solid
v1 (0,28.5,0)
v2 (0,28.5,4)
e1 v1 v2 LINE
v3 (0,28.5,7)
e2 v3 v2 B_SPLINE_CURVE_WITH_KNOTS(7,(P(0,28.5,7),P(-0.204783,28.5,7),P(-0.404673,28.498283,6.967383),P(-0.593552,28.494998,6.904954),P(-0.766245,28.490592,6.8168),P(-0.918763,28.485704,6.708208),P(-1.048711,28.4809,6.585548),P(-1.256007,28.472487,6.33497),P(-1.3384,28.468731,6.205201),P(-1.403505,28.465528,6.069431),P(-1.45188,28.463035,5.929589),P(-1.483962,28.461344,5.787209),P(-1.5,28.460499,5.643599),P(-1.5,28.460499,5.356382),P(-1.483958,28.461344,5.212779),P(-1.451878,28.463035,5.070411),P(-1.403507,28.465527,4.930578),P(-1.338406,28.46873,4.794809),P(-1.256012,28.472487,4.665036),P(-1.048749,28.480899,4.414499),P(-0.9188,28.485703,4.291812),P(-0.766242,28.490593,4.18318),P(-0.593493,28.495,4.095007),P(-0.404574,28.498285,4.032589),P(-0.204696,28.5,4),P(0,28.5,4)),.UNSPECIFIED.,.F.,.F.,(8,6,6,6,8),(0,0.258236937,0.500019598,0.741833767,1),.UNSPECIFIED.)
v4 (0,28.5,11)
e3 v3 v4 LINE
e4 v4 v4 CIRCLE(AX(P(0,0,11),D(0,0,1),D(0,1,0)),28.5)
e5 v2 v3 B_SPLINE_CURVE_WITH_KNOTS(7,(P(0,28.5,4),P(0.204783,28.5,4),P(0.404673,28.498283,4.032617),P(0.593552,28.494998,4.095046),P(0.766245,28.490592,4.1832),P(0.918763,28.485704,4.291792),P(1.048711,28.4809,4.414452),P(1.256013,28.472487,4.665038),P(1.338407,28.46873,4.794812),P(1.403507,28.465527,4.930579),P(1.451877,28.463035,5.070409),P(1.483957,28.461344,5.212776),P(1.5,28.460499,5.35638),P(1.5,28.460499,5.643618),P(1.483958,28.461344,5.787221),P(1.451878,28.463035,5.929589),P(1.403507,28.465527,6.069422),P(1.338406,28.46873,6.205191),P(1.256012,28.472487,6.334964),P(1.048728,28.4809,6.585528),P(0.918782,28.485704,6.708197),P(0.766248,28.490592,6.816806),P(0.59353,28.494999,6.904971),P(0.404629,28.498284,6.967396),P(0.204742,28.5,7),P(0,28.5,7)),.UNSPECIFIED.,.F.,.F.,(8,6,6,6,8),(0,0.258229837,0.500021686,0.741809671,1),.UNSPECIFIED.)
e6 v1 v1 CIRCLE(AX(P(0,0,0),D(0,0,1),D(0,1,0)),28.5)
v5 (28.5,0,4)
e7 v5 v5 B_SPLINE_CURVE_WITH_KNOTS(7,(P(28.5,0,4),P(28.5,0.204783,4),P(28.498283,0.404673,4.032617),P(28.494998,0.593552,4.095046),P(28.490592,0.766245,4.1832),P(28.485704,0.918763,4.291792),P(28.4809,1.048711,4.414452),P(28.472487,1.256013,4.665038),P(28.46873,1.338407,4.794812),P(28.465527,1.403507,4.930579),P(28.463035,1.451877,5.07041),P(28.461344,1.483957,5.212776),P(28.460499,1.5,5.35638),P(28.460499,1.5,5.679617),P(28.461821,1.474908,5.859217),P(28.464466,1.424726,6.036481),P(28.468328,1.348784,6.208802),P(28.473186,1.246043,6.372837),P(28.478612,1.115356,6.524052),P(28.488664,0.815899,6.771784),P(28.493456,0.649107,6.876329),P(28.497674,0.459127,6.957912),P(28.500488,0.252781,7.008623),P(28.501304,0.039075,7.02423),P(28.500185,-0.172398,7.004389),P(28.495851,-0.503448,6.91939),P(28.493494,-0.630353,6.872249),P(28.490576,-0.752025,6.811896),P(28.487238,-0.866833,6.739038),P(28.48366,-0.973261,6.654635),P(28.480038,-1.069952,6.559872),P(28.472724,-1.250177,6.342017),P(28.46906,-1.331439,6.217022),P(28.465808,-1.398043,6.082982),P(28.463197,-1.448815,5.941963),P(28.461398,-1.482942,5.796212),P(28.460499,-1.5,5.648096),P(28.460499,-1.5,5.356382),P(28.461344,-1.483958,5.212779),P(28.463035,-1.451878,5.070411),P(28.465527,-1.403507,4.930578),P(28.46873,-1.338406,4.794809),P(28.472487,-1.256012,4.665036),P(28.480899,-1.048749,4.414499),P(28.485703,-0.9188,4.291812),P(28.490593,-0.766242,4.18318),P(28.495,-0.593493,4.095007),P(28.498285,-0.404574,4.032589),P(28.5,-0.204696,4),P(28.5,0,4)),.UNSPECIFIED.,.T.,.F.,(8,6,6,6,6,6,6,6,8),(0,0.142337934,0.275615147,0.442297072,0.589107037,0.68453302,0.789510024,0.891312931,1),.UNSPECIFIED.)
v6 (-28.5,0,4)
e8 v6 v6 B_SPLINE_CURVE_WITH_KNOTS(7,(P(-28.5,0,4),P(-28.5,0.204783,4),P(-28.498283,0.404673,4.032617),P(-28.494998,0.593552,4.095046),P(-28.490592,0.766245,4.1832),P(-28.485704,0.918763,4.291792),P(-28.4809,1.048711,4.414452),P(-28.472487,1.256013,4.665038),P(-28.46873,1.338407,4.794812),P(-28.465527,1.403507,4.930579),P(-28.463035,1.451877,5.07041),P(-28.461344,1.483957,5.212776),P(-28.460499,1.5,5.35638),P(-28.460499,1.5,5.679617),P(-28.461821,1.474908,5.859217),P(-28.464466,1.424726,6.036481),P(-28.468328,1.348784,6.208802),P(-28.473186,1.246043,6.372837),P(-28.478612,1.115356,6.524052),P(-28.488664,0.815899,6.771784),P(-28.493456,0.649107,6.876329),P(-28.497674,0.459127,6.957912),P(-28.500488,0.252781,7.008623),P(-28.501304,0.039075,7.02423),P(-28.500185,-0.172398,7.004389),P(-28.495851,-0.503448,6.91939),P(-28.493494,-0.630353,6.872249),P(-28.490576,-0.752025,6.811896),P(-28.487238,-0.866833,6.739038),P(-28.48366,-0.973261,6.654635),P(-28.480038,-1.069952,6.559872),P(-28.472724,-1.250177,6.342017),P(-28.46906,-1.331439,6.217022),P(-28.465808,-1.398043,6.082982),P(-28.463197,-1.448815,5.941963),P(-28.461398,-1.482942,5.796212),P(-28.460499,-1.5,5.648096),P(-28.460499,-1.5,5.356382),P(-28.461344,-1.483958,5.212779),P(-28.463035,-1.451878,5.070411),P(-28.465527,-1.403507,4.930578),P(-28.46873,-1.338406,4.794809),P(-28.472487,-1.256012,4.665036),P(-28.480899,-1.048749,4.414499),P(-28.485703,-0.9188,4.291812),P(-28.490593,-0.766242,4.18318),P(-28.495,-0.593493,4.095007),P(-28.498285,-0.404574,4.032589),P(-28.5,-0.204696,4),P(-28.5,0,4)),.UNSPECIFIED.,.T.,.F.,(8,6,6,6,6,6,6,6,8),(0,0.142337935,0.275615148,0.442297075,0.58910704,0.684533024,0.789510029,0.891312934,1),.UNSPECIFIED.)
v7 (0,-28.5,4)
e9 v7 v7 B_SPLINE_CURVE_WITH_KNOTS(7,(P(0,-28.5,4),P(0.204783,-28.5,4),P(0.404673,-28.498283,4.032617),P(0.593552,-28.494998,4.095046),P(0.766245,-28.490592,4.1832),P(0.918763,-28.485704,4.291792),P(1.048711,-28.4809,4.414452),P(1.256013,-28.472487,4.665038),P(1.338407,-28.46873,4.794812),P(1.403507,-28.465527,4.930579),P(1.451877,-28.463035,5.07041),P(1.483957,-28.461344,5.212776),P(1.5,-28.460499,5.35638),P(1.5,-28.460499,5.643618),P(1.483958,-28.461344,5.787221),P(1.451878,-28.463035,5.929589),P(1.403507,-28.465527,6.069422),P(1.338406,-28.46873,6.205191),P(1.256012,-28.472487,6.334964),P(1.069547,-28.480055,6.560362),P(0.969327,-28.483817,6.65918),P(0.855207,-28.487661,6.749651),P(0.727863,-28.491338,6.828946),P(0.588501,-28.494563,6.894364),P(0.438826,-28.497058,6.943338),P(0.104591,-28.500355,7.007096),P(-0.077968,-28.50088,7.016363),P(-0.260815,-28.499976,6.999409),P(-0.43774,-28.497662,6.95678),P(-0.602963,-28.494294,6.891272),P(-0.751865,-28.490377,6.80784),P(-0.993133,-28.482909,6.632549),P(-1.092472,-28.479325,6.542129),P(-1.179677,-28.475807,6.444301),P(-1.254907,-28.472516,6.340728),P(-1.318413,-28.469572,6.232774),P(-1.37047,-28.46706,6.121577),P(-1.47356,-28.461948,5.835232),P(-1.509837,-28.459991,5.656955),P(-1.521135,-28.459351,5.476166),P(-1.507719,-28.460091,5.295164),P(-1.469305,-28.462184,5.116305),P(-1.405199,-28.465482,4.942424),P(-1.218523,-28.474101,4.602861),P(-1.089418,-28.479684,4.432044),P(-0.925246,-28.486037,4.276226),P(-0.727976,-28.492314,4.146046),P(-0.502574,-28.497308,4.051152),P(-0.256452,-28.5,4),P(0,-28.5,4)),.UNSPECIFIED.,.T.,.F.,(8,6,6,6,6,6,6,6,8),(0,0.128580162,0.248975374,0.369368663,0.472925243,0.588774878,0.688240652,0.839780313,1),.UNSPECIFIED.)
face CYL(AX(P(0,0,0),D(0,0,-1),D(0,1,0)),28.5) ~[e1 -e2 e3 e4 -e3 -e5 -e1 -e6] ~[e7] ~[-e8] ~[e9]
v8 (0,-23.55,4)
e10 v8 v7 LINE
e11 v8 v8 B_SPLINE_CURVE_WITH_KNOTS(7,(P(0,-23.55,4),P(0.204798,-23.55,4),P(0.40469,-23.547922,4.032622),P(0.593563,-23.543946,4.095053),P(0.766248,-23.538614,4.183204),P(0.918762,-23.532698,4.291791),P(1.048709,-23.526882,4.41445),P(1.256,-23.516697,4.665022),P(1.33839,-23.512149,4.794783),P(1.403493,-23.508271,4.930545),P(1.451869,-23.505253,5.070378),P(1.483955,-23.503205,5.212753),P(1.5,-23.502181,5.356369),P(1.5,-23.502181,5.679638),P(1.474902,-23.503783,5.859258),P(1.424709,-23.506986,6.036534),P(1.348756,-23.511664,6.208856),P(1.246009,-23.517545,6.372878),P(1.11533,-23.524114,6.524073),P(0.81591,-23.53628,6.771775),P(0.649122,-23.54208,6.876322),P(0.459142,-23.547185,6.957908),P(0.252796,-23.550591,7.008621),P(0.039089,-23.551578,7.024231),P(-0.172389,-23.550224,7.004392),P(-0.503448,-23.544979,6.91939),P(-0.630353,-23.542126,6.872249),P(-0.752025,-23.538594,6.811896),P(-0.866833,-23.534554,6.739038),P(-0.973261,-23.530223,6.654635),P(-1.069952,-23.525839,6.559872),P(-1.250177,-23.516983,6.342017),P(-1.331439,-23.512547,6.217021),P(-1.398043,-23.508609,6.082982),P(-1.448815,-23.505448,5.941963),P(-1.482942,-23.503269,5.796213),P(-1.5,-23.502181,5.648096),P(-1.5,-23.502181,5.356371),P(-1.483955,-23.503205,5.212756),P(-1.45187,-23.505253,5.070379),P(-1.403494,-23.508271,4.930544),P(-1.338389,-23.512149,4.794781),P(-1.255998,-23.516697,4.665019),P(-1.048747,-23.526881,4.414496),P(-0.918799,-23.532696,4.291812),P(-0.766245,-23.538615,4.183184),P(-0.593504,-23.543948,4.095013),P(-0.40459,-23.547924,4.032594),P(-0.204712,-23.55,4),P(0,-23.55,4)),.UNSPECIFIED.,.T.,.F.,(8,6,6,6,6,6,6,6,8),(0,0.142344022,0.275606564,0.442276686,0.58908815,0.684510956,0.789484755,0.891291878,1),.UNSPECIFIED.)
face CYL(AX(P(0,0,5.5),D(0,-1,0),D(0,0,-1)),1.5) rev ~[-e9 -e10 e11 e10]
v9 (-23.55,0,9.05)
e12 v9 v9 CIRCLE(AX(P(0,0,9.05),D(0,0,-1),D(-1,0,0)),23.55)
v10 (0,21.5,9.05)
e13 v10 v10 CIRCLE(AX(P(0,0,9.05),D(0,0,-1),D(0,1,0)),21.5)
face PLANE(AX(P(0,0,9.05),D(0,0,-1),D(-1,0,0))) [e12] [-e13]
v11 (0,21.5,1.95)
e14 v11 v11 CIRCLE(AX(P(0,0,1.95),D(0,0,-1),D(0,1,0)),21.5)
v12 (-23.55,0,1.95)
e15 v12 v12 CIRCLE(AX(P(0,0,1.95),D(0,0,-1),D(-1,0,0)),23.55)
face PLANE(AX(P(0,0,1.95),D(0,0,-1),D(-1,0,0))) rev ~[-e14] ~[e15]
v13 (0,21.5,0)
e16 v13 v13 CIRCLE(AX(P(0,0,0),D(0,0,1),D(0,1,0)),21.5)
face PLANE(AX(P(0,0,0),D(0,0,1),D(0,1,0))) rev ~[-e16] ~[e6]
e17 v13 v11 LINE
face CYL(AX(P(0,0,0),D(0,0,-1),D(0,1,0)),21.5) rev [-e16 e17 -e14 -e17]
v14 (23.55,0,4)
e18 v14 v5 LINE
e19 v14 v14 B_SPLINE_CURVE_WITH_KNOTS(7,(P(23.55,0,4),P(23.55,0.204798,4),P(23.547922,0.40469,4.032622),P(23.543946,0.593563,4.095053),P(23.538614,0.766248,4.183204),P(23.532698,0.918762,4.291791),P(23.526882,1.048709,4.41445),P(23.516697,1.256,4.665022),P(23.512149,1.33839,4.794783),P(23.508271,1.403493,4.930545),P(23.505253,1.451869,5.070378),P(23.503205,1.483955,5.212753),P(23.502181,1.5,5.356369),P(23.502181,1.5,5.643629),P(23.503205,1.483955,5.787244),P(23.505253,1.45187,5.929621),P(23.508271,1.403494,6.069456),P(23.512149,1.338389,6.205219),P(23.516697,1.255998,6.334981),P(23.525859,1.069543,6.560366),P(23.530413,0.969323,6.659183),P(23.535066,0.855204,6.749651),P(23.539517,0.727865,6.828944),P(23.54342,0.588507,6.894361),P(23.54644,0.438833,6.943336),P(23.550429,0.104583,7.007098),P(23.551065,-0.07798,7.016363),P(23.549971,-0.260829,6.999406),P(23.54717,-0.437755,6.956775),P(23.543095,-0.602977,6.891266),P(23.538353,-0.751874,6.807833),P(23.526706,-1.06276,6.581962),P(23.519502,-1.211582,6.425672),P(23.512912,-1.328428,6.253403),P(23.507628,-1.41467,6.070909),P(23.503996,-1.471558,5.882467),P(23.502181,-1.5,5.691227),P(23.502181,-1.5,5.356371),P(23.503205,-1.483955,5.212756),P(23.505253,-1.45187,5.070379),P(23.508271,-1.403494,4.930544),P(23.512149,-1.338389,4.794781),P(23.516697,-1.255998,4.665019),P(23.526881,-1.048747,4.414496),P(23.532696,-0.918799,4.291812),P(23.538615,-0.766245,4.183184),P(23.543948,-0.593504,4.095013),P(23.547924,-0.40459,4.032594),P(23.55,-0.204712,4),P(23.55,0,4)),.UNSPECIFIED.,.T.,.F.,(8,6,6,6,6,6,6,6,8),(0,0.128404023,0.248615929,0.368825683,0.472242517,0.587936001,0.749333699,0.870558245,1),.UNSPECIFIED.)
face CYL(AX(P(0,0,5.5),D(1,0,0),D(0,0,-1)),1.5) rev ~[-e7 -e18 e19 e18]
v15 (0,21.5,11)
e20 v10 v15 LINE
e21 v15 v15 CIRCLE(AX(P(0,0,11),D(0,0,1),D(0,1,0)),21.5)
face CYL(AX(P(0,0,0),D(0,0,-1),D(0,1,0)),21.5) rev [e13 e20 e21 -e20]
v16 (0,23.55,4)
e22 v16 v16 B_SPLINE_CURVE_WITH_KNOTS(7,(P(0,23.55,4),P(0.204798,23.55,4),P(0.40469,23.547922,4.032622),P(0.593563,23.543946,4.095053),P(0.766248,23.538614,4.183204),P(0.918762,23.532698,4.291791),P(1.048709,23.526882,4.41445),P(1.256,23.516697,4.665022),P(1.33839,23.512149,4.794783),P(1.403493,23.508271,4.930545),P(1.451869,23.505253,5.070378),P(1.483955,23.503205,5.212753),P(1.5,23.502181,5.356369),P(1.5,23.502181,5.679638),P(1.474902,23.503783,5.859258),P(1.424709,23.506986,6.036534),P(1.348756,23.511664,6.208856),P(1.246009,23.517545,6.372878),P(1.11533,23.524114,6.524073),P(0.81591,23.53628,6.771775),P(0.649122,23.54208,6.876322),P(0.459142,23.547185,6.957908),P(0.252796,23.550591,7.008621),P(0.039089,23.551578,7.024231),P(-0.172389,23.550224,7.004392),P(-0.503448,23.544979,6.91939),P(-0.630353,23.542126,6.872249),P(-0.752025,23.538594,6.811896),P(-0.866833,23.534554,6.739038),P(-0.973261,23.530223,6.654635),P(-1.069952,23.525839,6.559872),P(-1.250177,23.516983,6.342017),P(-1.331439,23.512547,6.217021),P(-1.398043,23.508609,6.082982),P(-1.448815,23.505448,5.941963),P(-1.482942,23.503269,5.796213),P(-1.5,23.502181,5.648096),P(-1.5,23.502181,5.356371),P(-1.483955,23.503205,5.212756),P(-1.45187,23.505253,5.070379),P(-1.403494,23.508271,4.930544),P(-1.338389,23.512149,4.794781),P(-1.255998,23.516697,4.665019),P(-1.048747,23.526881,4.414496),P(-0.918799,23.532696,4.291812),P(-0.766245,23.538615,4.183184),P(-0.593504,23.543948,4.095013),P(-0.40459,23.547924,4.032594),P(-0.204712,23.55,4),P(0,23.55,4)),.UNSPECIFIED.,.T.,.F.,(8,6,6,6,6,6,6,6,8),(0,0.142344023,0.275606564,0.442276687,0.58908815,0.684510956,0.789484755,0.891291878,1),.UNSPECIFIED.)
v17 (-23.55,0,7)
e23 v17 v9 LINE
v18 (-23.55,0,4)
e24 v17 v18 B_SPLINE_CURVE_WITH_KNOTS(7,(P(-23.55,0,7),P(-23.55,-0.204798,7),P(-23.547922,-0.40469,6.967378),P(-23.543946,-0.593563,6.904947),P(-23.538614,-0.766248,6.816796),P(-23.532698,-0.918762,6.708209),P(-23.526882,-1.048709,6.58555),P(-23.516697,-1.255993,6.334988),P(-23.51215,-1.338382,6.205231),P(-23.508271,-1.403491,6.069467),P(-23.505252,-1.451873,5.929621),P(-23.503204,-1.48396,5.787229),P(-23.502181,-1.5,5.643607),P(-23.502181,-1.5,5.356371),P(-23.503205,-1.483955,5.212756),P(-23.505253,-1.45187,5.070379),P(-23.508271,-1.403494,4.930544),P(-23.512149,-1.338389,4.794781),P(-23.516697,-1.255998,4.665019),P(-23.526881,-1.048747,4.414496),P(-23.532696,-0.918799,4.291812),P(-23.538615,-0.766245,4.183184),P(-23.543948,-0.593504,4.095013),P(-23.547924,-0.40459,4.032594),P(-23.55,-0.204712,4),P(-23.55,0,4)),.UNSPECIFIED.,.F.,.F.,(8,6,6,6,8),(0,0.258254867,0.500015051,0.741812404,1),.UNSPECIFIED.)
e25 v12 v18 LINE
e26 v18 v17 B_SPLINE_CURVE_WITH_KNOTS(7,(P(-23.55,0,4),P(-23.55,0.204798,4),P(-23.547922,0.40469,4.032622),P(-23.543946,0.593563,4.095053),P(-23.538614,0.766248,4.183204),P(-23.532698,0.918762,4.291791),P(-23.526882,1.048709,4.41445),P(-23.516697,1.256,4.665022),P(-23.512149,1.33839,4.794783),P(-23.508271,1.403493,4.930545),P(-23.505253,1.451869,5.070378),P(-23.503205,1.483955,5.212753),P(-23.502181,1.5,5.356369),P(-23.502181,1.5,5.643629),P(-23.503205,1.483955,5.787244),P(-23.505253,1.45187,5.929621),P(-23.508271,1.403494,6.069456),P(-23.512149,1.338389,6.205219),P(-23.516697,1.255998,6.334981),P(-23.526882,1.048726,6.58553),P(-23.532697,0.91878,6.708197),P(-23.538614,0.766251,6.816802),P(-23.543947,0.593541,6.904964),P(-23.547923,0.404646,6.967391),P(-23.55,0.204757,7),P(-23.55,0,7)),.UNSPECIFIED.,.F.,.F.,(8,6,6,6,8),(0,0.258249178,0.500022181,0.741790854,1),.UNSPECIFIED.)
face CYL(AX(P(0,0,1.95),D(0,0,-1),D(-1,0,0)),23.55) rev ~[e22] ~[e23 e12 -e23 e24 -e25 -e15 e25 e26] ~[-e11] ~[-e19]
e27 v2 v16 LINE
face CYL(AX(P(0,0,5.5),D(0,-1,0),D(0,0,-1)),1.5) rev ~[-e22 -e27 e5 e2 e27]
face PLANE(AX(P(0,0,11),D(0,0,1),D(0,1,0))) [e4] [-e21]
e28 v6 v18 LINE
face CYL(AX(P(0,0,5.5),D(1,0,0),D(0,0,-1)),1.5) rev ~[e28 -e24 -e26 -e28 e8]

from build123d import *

# Parameters (mm, degrees)
SKETCH1_R           = 28.5
SKETCH1_R_2         = 21.5
EXTRUDE_THIN1_DEPTH = 11
CUT_EXTRUDE1_START  = -1.95
SKETCH2_R           = 23.55
CUT_EXTRUDE1_DEPTH  = 7.1
SKETCH3_R           = 1.5
CUT_EXTRUDE2_DEPTH  = 42.779181419
CIRPATTERN1_COUNT   = 2
CIRPATTERN1_ANGLE   = 90


with BuildPart() as part:
    # Sketch1 → Extrude-Thin1 (new body)
    with BuildSketch(Plane(origin=(0, 0, 0), x_dir=(0, 1, 0), z_dir=(0, 0, 1))):
        Circle(SKETCH1_R)
        Circle(SKETCH1_R_2, mode=Mode.SUBTRACT)
    extrude(amount=EXTRUDE_THIN1_DEPTH)

    # Sketch2 → Cut-Extrude1 (cut)
    with BuildSketch(Plane(origin=(0, 0, 0), x_dir=(1, 0, 0), z_dir=(0, 0, -1)).offset(CUT_EXTRUDE1_START)):
        with Locations(Location((0, 0, 0), (0, 0, 180))):
            Circle(SKETCH2_R)
    extrude(amount=-CUT_EXTRUDE1_DEPTH, mode=Mode.SUBTRACT)

    # Sketch3 → Cut-Extrude2 (cut, symmetric)
    with BuildSketch(Plane.YZ):
        with Locations(Location((0, 5.5, 0), (0, 0, 270))):
            Circle(SKETCH3_R)
    cut_extrude2 = extrude(amount=CUT_EXTRUDE2_DEPTH, both=True, mode=Mode.SUBTRACT)

    # CirPattern1: Cut-Extrude2 ×2 about axis
    cirpattern1_axis = Axis((0, 0, 9.05), (0, 0, -1))
    for i in range(1, CIRPATTERN1_COUNT):
        add(cut_extrude2.rotate(cirpattern1_axis, i * CIRPATTERN1_ANGLE / (CIRPATTERN1_COUNT - 1)), mode=Mode.SUBTRACT)


solid = part.part
